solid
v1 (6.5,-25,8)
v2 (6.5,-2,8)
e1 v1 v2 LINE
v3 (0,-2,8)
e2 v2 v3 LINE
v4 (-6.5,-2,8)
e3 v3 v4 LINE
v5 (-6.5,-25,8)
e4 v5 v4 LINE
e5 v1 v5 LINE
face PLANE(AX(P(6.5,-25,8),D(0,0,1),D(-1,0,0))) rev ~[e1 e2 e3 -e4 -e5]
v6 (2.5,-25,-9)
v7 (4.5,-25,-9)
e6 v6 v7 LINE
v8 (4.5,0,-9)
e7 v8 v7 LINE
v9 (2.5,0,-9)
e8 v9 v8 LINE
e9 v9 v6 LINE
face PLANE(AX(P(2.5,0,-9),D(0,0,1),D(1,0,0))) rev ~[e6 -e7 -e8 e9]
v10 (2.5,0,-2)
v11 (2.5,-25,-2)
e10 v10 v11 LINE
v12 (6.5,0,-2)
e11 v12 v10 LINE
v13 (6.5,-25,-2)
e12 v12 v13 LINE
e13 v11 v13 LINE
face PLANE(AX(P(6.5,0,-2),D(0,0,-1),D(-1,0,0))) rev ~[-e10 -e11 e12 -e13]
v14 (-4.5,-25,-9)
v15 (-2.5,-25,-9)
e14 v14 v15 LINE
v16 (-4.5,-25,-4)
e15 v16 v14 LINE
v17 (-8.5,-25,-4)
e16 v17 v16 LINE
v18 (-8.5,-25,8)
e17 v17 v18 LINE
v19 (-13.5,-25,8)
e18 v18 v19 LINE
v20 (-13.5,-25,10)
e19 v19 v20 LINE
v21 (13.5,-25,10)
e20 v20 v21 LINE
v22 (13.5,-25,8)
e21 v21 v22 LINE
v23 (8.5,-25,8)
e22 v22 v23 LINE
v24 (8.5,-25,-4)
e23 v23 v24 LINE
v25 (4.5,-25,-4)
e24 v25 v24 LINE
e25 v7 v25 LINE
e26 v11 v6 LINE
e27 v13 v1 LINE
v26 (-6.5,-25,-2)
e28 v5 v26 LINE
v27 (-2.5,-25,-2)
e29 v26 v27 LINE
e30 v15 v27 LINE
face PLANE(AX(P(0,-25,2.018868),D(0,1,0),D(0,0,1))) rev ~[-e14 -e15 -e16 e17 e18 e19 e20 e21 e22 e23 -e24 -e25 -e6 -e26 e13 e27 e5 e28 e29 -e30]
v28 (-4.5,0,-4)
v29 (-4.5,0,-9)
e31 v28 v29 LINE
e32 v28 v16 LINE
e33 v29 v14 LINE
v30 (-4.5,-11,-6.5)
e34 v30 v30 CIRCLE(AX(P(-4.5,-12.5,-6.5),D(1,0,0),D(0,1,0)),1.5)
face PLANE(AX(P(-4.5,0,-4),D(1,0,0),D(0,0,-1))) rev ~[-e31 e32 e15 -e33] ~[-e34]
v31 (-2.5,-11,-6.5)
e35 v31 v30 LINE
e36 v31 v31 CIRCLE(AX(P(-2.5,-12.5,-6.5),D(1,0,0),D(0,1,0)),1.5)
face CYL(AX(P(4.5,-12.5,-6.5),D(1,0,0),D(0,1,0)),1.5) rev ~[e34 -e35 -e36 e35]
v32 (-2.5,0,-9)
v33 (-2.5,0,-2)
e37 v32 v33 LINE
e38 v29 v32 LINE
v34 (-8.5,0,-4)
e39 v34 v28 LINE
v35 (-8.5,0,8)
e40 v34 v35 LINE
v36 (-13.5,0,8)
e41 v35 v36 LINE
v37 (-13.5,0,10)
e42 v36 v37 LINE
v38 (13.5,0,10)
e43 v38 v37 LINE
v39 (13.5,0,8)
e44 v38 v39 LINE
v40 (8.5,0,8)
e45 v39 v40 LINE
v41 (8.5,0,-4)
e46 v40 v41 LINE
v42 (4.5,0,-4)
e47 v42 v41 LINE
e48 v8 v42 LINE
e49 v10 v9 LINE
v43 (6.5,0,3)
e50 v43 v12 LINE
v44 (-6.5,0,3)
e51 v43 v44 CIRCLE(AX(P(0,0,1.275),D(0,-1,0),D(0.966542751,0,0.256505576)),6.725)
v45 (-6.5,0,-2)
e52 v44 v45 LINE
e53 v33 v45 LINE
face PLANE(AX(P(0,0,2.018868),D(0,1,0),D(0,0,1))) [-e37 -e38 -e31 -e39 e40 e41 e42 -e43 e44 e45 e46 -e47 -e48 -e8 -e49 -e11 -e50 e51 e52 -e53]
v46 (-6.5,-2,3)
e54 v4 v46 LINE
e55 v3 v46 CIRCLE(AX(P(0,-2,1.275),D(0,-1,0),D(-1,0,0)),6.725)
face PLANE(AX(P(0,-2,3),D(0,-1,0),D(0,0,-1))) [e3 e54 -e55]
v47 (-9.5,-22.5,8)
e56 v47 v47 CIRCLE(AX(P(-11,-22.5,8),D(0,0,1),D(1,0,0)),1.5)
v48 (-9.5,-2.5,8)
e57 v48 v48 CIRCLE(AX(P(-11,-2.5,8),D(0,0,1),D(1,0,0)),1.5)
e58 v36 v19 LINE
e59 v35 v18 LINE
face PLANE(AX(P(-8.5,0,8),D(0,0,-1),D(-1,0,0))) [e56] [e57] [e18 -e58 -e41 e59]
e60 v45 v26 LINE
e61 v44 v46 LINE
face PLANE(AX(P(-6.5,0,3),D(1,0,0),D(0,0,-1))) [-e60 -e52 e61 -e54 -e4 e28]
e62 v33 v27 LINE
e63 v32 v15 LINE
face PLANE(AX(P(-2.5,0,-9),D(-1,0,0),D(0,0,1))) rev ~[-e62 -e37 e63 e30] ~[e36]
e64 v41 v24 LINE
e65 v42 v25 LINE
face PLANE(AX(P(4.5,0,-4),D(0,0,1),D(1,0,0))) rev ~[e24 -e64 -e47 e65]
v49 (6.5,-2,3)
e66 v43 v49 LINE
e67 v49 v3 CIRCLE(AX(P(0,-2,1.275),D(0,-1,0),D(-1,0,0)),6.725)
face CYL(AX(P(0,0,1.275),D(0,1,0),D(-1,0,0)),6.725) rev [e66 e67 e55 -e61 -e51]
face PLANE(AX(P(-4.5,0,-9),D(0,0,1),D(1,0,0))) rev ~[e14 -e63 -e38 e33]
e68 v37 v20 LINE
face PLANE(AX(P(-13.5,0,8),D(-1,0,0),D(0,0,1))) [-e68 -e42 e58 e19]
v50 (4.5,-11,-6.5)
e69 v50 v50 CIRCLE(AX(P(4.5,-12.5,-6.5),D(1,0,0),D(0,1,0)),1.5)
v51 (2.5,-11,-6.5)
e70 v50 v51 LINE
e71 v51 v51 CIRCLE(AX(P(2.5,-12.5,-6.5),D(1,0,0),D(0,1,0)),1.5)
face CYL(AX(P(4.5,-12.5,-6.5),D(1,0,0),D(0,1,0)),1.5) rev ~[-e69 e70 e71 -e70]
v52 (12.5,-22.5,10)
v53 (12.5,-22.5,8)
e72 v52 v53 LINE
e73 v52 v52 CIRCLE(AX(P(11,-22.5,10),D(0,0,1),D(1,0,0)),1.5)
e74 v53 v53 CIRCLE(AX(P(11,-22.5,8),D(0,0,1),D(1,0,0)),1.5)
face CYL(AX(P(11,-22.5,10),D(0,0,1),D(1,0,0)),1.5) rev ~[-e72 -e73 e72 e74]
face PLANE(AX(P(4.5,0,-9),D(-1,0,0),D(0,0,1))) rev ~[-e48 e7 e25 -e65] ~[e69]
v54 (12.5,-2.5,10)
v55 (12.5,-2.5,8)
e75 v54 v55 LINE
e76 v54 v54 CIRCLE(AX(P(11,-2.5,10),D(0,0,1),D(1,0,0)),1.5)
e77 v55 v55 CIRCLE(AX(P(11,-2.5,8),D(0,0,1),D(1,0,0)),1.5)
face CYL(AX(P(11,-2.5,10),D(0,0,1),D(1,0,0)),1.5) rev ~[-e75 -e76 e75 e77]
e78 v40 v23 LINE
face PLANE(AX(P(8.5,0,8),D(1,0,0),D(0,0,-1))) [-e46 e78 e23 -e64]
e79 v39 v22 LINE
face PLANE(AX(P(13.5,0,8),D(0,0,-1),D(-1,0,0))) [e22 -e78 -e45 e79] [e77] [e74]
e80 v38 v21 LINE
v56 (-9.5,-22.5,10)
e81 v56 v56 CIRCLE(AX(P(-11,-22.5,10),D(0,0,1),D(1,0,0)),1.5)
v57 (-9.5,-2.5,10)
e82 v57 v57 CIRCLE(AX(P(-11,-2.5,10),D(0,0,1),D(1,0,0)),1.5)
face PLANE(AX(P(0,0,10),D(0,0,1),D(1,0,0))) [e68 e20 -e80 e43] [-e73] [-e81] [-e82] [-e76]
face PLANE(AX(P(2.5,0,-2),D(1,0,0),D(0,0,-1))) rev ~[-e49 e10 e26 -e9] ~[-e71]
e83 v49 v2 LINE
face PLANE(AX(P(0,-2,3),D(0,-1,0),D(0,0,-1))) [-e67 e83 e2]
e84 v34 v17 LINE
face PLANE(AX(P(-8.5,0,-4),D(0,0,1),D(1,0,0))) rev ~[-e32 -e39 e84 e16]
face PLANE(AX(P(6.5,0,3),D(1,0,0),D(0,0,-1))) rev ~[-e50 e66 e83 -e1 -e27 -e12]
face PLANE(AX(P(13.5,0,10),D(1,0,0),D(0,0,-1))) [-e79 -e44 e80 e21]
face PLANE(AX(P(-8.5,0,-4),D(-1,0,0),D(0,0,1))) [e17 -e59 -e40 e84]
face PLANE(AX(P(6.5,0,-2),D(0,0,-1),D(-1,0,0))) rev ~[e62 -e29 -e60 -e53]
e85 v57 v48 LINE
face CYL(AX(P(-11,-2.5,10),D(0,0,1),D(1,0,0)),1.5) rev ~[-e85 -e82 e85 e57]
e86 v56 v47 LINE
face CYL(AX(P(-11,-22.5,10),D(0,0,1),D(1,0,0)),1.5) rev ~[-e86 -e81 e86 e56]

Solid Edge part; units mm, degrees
sketch "Sketch1" plane through (0, 0, 0) normal (0, -1, 0) x (1, 0, 0)
  line L0 (0, 10) -> (13.5, 10)
  line L1 (13.5, 10) -> (13.5, 8)
  line L2 (13.5, 8) -> (8.5, 8)
  line L3 (8.5, 8) -> (8.5, -4)
  line L4 (4.5, -4) -> (8.5, -4)
  line L5 (4.5, -9) -> (4.5, -4)
  line L6 (2.5, -9) -> (4.5, -9)
  line L7 (2.5, -2) -> (2.5, -9)
  line L8 (-2.5, -2) -> (2.5, -2)
  line L9 (-2.5, -9) -> (-2.5, -2)
  line L10 (-4.5, -9) -> (-2.5, -9)
  line L11 (-4.5, -4) -> (-4.5, -9)
  line L12 (-8.5, -4) -> (-4.5, -4)
  line L13 (-8.5, -4) -> (-8.5, 8)
  line L14 (-8.5, 8) -> (-13.5, 8)
  line L15 (-13.5, 8) -> (-13.5, 10)
  line L16 (-13.5, 10) -> (0, 10)
extrude "Protrusion1" add sketch "Sketch1" along normal blind 25
sketch "Sketch2" plane through (0, -25, 0.5) normal (0, -1, 0) x (1, 0, 0)
  line L0 (-6.5, 7.5) -> (-6.5, -2.5)
  line L1 (-6.5, -2.5) -> (6.5, -2.5)
  line L2 (6.5, -2.5) -> (6.5, 7.5)
  line L3 (6.5, 7.5) -> (-6.5, 7.5)
extrude "ExtrudedCutout_1" cut sketch "Sketch2" against normal blind 23
sketch "Sketch3" plane through (0, 0, 0.5) normal (0, 1, 0) x (-1, 0, 0)
  line L0 (-6.5, -2.5) -> (6.5, -2.5)
  line L1 (6.5, 2.5) -> (6.5, -2.5)
  arc A0 (0, 7.5) -> (6.5, 2.5) centre (0, 0.775) cw
  arc A1 (-6.5, 2.5) -> (0, 7.5) centre (0, 0.775) cw
  line L2 (-6.5, 2.5) -> (-6.5, -2.5)
extrude "ExtrudedCutout_2" cut sketch "Sketch3" against normal blind 2
sketch "Sketch4" plane through (0, -12.5, 10) normal (0, 0, 1) x (1, 0, 0)
  circle A0 centre (-11, 10) radius 1.5
  circle A1 centre (11, 10) radius 1.5
  circle A2 centre (11, -10) radius 1.5
  circle A3 centre (-11, -10) radius 1.5
extrude "Cutout1" cut sketch "Sketch4" against normal up to vertex (2 mm away)
sketch "Sketch5" plane through (4.5, -12.5, -6.5) normal (1, 0, 0) x (0, 1, 0)
  circle A0 centre (0, 0) radius 1.5
extrude "ExtrudedCutout_4" cut sketch "Sketch5" against normal blind 10.3838
